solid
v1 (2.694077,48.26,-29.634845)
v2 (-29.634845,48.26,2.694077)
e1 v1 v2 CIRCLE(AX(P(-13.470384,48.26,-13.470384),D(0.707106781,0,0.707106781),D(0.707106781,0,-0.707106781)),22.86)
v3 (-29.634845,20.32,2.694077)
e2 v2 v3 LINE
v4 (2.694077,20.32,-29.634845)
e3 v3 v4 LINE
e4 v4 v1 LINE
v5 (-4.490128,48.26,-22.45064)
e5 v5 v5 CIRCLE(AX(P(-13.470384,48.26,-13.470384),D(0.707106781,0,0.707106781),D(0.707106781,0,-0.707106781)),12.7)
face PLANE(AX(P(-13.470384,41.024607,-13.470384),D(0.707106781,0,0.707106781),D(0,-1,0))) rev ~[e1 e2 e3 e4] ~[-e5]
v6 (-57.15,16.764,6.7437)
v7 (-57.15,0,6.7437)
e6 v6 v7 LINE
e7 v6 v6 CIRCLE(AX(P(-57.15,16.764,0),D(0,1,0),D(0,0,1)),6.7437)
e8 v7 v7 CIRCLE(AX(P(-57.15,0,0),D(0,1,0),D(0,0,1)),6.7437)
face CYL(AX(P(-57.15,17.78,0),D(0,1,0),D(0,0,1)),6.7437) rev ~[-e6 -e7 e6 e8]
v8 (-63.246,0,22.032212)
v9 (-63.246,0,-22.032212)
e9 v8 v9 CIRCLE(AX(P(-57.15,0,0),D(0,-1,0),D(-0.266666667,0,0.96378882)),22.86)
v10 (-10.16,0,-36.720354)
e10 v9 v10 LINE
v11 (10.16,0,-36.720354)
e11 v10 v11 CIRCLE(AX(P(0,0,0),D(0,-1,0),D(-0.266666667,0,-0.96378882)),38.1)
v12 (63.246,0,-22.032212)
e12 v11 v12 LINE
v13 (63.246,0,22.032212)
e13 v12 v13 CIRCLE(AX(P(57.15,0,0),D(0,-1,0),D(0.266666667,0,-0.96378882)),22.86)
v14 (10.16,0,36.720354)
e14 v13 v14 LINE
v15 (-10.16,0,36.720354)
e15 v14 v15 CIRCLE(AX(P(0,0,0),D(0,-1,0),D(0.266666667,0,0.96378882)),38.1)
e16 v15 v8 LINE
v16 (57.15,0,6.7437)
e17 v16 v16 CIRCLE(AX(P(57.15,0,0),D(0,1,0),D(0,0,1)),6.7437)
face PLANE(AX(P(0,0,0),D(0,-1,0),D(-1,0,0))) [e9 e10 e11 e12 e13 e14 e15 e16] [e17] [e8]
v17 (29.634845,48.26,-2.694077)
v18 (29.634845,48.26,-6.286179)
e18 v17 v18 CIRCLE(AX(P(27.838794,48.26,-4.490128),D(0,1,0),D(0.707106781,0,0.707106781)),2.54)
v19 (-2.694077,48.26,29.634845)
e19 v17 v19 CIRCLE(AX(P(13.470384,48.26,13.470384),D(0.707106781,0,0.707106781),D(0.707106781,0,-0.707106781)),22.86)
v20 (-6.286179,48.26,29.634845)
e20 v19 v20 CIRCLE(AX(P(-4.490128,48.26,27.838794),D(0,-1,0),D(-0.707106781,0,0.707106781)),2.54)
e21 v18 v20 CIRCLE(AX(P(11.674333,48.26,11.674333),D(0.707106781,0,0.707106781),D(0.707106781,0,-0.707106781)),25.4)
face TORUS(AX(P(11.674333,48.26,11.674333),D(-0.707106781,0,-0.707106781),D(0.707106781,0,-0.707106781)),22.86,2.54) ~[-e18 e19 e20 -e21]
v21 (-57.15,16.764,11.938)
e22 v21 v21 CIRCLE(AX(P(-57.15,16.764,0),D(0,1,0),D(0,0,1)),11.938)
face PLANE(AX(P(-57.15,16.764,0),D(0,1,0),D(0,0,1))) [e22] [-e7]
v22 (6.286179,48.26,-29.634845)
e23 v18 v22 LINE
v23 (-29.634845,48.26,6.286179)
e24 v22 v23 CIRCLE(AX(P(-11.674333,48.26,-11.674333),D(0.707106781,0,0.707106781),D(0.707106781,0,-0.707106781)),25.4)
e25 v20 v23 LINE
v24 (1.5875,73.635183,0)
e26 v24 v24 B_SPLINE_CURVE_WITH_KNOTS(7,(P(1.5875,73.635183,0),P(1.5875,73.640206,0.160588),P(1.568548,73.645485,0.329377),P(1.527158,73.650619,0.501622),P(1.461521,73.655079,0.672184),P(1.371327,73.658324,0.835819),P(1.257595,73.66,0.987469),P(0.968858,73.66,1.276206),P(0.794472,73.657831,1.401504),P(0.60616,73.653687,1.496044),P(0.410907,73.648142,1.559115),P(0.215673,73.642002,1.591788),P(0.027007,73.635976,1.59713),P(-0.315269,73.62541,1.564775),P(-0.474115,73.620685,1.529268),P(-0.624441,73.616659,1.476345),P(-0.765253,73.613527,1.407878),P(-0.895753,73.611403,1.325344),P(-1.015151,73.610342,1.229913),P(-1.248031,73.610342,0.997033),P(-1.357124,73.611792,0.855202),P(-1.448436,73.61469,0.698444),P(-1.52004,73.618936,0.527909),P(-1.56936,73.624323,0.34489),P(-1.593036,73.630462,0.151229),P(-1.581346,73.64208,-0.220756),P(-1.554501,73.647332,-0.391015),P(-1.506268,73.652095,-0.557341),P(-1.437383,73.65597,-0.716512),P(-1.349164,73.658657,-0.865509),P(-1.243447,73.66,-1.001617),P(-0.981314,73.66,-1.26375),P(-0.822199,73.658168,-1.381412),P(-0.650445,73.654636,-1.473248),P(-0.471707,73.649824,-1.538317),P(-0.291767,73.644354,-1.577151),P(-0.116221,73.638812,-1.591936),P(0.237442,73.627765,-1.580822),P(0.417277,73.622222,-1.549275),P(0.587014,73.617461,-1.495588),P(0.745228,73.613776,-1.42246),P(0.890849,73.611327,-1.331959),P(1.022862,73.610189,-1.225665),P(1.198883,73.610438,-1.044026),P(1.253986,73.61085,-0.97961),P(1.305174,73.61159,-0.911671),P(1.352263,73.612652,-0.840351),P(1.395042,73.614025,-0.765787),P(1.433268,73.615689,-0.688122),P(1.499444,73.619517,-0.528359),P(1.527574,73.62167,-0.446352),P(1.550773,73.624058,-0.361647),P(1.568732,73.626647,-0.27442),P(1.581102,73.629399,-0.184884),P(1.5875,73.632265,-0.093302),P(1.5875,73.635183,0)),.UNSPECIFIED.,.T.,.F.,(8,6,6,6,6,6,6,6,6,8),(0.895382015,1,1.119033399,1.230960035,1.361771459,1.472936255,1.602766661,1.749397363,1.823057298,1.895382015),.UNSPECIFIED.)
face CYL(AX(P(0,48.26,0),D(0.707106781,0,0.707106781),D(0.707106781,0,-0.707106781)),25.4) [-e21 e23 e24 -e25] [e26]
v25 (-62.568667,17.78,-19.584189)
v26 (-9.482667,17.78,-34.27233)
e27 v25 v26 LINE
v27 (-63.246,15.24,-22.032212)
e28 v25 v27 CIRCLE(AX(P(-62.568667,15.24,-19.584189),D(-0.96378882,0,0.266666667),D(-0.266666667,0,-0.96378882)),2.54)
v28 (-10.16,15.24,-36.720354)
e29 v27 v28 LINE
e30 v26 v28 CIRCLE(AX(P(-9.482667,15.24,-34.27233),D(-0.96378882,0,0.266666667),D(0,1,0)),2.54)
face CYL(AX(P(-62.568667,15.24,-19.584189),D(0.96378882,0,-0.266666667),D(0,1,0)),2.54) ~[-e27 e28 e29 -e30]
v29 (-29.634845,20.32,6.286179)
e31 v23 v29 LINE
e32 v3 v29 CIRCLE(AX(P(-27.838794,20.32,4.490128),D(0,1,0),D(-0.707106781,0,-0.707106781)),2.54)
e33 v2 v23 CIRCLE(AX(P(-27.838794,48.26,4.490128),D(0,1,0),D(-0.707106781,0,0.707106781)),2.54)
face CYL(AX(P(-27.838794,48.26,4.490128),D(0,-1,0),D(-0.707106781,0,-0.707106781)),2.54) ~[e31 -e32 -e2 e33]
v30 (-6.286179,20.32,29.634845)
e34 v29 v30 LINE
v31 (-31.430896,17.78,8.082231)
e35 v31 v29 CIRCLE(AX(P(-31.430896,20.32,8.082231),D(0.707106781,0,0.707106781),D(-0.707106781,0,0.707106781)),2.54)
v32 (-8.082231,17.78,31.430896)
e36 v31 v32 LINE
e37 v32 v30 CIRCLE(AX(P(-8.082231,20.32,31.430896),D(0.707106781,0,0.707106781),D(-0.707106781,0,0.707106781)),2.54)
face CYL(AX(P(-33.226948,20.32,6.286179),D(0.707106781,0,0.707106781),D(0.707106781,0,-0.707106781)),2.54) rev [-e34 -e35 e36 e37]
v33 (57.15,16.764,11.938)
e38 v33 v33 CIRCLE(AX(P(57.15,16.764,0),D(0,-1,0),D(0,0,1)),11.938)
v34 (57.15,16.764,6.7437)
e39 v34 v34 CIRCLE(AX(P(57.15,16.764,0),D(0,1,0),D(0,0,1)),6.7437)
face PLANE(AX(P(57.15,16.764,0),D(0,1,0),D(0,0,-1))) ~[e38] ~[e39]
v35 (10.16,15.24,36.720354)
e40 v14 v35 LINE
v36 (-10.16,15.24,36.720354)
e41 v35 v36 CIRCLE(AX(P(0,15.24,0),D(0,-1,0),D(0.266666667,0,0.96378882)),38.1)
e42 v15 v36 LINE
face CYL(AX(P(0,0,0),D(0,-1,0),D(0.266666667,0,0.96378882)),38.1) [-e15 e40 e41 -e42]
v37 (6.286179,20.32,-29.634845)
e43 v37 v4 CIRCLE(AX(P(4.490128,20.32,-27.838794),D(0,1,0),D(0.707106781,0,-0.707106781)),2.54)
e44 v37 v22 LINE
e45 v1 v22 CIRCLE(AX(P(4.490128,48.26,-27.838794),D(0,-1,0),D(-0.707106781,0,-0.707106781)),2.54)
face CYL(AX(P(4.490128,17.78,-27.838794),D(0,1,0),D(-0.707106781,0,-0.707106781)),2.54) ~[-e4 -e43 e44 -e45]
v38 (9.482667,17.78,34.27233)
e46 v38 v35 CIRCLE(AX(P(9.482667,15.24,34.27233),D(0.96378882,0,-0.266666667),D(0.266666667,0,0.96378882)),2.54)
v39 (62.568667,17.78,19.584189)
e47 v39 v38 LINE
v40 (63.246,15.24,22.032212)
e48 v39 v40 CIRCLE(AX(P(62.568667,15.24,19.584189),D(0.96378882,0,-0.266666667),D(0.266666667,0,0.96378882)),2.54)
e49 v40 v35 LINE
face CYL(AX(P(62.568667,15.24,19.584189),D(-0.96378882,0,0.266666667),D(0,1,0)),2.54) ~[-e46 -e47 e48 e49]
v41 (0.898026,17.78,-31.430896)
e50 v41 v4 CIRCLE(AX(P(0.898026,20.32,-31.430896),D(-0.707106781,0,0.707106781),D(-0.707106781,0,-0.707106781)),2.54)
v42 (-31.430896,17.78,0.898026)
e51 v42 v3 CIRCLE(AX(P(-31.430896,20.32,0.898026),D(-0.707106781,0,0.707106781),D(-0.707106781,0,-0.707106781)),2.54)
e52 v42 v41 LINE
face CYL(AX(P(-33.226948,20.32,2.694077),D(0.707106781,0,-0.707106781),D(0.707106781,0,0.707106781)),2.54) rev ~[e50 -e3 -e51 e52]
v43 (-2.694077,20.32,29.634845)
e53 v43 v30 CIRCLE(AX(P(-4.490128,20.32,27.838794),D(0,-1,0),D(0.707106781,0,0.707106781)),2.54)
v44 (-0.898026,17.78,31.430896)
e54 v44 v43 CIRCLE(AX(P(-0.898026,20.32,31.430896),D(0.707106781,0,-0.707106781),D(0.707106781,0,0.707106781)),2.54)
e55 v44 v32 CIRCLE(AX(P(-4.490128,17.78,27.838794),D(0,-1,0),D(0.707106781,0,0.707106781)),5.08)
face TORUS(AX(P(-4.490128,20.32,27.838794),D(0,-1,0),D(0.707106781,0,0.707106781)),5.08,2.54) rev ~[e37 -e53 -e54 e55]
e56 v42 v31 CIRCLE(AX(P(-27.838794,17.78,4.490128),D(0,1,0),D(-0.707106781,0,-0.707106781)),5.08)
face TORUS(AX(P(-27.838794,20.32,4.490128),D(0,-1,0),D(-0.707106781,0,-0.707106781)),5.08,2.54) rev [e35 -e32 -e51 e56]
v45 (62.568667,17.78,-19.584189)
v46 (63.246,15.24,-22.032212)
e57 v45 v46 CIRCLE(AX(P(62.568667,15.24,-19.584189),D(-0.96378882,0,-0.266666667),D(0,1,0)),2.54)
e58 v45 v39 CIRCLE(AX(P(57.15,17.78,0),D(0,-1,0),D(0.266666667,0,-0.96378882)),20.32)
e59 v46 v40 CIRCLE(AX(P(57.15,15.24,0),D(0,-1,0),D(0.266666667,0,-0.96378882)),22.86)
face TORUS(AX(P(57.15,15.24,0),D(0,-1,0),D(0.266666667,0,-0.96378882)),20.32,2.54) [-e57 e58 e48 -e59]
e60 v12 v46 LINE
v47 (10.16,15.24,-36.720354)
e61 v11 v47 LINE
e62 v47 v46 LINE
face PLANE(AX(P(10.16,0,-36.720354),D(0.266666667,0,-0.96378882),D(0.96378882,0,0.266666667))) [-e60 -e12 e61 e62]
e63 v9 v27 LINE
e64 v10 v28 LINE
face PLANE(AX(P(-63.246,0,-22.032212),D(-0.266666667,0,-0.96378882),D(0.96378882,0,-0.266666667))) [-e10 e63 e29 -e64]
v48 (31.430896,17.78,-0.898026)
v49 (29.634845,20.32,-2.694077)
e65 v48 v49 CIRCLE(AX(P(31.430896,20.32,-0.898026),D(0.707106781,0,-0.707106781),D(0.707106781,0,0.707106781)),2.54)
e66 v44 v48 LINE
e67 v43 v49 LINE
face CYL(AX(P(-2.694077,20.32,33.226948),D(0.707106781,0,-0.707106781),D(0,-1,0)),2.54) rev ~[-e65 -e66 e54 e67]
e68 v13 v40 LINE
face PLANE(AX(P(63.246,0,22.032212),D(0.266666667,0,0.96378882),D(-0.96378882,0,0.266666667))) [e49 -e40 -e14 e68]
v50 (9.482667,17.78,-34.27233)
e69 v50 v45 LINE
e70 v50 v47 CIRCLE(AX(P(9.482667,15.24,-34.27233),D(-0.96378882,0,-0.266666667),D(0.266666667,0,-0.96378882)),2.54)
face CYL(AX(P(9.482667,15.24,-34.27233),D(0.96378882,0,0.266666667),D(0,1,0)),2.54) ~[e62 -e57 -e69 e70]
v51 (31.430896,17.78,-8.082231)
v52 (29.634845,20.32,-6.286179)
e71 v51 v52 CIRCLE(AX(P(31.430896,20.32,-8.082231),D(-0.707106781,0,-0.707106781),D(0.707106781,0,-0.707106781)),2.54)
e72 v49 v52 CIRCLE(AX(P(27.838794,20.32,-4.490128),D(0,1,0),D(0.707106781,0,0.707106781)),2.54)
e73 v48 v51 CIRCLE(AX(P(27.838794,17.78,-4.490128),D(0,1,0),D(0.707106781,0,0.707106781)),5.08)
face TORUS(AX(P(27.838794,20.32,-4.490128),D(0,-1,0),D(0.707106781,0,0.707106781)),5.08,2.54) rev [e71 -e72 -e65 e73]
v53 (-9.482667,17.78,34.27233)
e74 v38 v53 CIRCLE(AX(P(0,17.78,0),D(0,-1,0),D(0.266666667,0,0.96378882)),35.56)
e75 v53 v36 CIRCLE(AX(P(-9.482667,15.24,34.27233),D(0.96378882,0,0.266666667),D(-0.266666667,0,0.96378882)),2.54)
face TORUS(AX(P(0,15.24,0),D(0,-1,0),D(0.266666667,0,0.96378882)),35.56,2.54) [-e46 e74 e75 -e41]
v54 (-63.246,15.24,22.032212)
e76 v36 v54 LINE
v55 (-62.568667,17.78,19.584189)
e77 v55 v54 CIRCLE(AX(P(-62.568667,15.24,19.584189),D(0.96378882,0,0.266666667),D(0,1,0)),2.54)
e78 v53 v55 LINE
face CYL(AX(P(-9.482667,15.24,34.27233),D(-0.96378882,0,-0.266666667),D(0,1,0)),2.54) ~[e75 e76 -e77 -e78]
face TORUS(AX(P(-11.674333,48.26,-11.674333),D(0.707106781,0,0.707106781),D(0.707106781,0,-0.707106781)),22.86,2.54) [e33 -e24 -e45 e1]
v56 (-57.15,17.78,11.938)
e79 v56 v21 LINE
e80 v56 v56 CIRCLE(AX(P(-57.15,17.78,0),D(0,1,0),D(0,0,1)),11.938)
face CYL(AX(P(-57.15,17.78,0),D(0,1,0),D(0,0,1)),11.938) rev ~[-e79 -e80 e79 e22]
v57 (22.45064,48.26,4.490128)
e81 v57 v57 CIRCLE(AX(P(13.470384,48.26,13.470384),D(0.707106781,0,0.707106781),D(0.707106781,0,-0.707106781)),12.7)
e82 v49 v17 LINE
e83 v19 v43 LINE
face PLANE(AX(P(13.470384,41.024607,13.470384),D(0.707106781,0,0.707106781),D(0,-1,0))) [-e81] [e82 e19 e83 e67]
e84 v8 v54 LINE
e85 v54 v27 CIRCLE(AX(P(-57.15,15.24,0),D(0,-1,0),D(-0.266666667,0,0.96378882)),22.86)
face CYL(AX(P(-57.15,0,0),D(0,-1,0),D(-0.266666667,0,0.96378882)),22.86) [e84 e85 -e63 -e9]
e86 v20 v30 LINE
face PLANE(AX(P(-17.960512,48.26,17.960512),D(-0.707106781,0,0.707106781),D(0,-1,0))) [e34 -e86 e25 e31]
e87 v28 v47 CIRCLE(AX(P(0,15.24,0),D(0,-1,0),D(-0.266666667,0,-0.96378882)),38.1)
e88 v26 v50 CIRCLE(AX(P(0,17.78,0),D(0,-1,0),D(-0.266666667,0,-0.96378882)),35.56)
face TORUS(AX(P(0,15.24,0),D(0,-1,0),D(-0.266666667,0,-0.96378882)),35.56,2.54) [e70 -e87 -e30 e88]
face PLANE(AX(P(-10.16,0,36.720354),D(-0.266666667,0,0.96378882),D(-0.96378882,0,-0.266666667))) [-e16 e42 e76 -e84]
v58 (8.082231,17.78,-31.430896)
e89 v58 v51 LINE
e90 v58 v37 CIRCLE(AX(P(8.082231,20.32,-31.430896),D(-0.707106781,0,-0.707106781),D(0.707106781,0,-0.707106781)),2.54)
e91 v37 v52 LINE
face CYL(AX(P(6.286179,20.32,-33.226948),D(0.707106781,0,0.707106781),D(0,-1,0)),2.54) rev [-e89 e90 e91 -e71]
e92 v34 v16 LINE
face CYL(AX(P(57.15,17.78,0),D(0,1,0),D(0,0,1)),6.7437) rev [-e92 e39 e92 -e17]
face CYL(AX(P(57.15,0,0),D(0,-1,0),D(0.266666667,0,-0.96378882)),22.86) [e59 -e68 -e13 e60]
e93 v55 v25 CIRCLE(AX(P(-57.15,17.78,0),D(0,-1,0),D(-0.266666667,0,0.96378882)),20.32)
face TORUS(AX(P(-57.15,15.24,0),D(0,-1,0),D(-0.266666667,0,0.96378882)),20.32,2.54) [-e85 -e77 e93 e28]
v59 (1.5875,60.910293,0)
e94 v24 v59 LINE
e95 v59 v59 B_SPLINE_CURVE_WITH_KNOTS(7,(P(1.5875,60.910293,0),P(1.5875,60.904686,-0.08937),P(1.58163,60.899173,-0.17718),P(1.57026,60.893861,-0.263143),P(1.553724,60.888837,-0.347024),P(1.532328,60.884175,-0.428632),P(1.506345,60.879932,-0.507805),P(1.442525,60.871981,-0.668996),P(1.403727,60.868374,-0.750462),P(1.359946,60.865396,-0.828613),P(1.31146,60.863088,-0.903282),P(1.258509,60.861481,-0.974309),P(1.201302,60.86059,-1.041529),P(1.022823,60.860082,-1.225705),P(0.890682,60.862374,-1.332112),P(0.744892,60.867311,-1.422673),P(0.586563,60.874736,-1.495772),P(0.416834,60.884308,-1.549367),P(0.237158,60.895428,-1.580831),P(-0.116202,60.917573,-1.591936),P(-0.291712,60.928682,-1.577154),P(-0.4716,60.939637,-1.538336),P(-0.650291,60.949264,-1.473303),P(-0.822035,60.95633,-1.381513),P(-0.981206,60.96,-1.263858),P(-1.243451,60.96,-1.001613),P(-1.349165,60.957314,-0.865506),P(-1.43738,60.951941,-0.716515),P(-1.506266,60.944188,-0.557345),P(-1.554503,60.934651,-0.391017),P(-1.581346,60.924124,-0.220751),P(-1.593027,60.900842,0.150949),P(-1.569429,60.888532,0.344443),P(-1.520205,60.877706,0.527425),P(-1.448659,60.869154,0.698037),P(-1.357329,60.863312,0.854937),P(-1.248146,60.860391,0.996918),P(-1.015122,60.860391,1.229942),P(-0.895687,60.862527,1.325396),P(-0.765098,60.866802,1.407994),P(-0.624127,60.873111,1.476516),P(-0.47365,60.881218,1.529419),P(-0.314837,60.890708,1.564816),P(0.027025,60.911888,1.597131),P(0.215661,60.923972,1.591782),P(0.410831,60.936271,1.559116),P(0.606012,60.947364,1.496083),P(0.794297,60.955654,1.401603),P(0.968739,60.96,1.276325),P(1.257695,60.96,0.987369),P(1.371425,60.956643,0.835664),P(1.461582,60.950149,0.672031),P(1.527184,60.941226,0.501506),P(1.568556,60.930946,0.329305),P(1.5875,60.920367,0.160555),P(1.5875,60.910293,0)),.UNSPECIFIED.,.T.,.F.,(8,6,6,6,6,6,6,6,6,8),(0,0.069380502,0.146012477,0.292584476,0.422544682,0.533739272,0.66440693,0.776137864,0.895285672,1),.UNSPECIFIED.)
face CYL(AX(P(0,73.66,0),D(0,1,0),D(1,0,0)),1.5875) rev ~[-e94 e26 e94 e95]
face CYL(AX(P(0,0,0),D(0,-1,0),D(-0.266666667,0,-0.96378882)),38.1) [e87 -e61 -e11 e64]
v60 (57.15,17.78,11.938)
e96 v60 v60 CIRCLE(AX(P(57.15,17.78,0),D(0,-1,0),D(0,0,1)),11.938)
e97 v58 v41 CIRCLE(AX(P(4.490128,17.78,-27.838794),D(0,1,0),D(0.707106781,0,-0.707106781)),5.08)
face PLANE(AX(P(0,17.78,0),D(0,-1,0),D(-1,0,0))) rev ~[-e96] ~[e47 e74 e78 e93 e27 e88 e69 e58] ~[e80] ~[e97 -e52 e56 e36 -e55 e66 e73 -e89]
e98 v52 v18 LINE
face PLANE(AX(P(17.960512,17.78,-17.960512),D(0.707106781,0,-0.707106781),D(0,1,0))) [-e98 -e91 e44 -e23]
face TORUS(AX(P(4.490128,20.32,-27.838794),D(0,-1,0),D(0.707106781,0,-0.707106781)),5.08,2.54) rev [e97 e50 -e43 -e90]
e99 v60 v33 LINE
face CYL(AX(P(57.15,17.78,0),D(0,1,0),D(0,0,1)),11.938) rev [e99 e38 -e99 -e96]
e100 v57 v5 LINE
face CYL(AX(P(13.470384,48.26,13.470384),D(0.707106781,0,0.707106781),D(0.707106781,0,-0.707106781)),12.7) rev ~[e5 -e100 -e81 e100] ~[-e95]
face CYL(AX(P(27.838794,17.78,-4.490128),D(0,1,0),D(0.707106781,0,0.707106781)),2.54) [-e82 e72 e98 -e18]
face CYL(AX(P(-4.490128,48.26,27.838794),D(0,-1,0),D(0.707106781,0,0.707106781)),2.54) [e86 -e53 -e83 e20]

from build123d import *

# Parameters (mm, degrees)
BOSS_EXTRUDE2_DEPTH                = 17.78
SKETCH2_R                          = 6.7437
CUT_EXTRUDE1_DEPTH                 = 91.384393011
SKETCH3_R                          = 11.938
CUT_EXTRUDE2_DEPTH                 = 1.016
BOSS_EXTRUDE3_DEPTH                = 19.05
BOSS_EXTRUDE3_DEPTH_BACK           = 19.05
SKETCH9_R                          = 12.7
CUT_EXTRUDE5_DEPTH                 = 130.70690942
F_1_8_0_125_DIAMETER_HOLE14_REACH  = 117.235
F_1_8_0_125_DIAMETER_HOLE14_BORE_R = 1.5875
FILLET1_R                          = 2.54


with BuildPart() as part:
    # Sketch1 → Boss-Extrude2 (new body)
    with BuildSketch(Plane(origin=(0, 0, 0), x_dir=(1, 0, 0), z_dir=(0, 1, 0))):
        with BuildLine():
            Line((-63.246, 22.032212417), (-10.16, 36.720354029))
            ThreePointArc((-10.16, 36.720354029), (0, 38.1), (10.16, 36.720354029))
            Line((10.16, 36.720354029), (63.246, 22.032212417))
            ThreePointArc((63.246, 22.032212417), (80.01, 0), (63.246, -22.032212417))
            Line((63.246, -22.032212417), (10.16, -36.720354029))
            ThreePointArc((10.16, -36.720354029), (0, -38.1), (-10.16, -36.720354029))
            Line((-10.16, -36.720354029), (-63.246, -22.032212417))
            ThreePointArc((-63.246, -22.032212417), (-80.01, 0), (-63.246, 22.032212417))
        make_face()
    extrude(amount=BOSS_EXTRUDE2_DEPTH)

    # Sketch2 → Cut-Extrude1 (cut, through all)
    with BuildSketch(Plane(origin=(0, 17.78, 0), x_dir=(1, 0, 0), z_dir=(0, 1, 0))):
        with Locations(Location((-57.15, 0, 0), (0, 0, 270))):
            Circle(SKETCH2_R)
    cut_extrude1 = extrude(amount=-CUT_EXTRUDE1_DEPTH, mode=Mode.SUBTRACT)

    # Sketch3 → Cut-Extrude2 (cut)
    with BuildSketch(Plane(origin=(0, 17.78, 0), x_dir=(1, 0, 0), z_dir=(0, 1, 0))):
        with Locations(Location((-57.15, 0, 0), (0, 0, 270))):
            Circle(SKETCH3_R)
    cut_extrude2 = extrude(amount=-CUT_EXTRUDE2_DEPTH, mode=Mode.SUBTRACT)

    # Mirror1: Cut-Extrude1, Cut-Extrude2 across plane
    add(cut_extrude1.mirror(Plane(origin=(0, 0, 0), x_dir=(0, 0, 1), z_dir=(1, 0, 0))), mode=Mode.SUBTRACT)
    add(cut_extrude2.mirror(Plane(origin=(0, 0, 0), x_dir=(0, 0, 1), z_dir=(1, 0, 0))), mode=Mode.SUBTRACT)

    # Sketch8 → Boss-Extrude3 (add, two sides)
    with BuildSketch(Plane(origin=(0, 0, 0), x_dir=(0, -1, 0), z_dir=(0.7071067811865464, 0, 0.7071067811865488))) as boss_extrude3_sk:
        with BuildLine():
            Line((-48.26, -25.4), (-17.78, -25.4))
            Line((-17.78, -25.4), (-17.78, 25.4))
            Line((-17.78, 25.4), (-48.26, 25.4))
            ThreePointArc((-48.26, 25.4), (-73.66, 0), (-48.26, -25.4))
        make_face()
    extrude(amount=BOSS_EXTRUDE3_DEPTH)
    extrude(boss_extrude3_sk.sketch, amount=-BOSS_EXTRUDE3_DEPTH_BACK)

    # Sketch9 → Cut-Extrude5 (cut, through all)
    with BuildSketch(Plane(origin=(13.470384182, 0, 13.470384182), x_dir=(0.7071067811865487, 0, -0.7071067811865465), z_dir=(0.7071067811865465, 0, 0.7071067811865487))):
        with Locations((0, 48.26)):
            Circle(SKETCH9_R)
    extrude(amount=-CUT_EXTRUDE5_DEPTH, mode=Mode.SUBTRACT)

    # 1/8 (0.125) Diameter Hole14 bore → 1/8 (0.125) Diameter Hole14 (cut, up to next)
    with BuildSketch(Plane(origin=(0, 73.66, 0), x_dir=(1, 0, 0), z_dir=(0, 1, 0)), mode=Mode.PRIVATE) as f_1_8_0_125_diameter_hole14_sk1:
        Circle(F_1_8_0_125_DIAMETER_HOLE14_BORE_R)
    f_1_8_0_125_diameter_hole14_tool1 = extrude(f_1_8_0_125_diameter_hole14_sk1.sketch, amount=-F_1_8_0_125_DIAMETER_HOLE14_REACH, mode=Mode.PRIVATE) & part.part
    add(f_1_8_0_125_diameter_hole14_tool1.solids().sort_by_distance((0, 73.66, 0))[0], mode=Mode.SUBTRACT)

    # Fillet1
    fillet1_edges = [part.edges().sort_by_distance(p)[0] for p in [
        (0, 17.78, 38.1),
        (36.703, 17.78, 29.376283223),
        (80.01, 17.78, 0),
        (36.703, 17.78, -29.376283223),
        (0, 17.78, -38.1),
        (-36.703, 17.78, -29.376283223),
        (-80.01, 17.78, 0),
        (4.490128061, 33.02, -31.430896424),
        (17.960512242, 17.78, -17.960512242),
        (-13.470384182, 17.78, -13.470384182),
        (-17.960512242, 17.78, 17.960512242),
        (-31.430896424, 33.02, 4.490128061),
        (-13.470384182, 73.66, -13.470384182),
        (31.430896424, 33.02, -4.490128061),
        (13.470384182, 73.66, 13.470384182),
        (-4.490128061, 33.02, 31.430896424),
        (13.470384182, 17.78, 13.470384182),
        (-36.703, 17.78, 29.376283223),
    ]]
    fillet(fillet1_edges, radius=FILLET1_R)


solid = part.part
